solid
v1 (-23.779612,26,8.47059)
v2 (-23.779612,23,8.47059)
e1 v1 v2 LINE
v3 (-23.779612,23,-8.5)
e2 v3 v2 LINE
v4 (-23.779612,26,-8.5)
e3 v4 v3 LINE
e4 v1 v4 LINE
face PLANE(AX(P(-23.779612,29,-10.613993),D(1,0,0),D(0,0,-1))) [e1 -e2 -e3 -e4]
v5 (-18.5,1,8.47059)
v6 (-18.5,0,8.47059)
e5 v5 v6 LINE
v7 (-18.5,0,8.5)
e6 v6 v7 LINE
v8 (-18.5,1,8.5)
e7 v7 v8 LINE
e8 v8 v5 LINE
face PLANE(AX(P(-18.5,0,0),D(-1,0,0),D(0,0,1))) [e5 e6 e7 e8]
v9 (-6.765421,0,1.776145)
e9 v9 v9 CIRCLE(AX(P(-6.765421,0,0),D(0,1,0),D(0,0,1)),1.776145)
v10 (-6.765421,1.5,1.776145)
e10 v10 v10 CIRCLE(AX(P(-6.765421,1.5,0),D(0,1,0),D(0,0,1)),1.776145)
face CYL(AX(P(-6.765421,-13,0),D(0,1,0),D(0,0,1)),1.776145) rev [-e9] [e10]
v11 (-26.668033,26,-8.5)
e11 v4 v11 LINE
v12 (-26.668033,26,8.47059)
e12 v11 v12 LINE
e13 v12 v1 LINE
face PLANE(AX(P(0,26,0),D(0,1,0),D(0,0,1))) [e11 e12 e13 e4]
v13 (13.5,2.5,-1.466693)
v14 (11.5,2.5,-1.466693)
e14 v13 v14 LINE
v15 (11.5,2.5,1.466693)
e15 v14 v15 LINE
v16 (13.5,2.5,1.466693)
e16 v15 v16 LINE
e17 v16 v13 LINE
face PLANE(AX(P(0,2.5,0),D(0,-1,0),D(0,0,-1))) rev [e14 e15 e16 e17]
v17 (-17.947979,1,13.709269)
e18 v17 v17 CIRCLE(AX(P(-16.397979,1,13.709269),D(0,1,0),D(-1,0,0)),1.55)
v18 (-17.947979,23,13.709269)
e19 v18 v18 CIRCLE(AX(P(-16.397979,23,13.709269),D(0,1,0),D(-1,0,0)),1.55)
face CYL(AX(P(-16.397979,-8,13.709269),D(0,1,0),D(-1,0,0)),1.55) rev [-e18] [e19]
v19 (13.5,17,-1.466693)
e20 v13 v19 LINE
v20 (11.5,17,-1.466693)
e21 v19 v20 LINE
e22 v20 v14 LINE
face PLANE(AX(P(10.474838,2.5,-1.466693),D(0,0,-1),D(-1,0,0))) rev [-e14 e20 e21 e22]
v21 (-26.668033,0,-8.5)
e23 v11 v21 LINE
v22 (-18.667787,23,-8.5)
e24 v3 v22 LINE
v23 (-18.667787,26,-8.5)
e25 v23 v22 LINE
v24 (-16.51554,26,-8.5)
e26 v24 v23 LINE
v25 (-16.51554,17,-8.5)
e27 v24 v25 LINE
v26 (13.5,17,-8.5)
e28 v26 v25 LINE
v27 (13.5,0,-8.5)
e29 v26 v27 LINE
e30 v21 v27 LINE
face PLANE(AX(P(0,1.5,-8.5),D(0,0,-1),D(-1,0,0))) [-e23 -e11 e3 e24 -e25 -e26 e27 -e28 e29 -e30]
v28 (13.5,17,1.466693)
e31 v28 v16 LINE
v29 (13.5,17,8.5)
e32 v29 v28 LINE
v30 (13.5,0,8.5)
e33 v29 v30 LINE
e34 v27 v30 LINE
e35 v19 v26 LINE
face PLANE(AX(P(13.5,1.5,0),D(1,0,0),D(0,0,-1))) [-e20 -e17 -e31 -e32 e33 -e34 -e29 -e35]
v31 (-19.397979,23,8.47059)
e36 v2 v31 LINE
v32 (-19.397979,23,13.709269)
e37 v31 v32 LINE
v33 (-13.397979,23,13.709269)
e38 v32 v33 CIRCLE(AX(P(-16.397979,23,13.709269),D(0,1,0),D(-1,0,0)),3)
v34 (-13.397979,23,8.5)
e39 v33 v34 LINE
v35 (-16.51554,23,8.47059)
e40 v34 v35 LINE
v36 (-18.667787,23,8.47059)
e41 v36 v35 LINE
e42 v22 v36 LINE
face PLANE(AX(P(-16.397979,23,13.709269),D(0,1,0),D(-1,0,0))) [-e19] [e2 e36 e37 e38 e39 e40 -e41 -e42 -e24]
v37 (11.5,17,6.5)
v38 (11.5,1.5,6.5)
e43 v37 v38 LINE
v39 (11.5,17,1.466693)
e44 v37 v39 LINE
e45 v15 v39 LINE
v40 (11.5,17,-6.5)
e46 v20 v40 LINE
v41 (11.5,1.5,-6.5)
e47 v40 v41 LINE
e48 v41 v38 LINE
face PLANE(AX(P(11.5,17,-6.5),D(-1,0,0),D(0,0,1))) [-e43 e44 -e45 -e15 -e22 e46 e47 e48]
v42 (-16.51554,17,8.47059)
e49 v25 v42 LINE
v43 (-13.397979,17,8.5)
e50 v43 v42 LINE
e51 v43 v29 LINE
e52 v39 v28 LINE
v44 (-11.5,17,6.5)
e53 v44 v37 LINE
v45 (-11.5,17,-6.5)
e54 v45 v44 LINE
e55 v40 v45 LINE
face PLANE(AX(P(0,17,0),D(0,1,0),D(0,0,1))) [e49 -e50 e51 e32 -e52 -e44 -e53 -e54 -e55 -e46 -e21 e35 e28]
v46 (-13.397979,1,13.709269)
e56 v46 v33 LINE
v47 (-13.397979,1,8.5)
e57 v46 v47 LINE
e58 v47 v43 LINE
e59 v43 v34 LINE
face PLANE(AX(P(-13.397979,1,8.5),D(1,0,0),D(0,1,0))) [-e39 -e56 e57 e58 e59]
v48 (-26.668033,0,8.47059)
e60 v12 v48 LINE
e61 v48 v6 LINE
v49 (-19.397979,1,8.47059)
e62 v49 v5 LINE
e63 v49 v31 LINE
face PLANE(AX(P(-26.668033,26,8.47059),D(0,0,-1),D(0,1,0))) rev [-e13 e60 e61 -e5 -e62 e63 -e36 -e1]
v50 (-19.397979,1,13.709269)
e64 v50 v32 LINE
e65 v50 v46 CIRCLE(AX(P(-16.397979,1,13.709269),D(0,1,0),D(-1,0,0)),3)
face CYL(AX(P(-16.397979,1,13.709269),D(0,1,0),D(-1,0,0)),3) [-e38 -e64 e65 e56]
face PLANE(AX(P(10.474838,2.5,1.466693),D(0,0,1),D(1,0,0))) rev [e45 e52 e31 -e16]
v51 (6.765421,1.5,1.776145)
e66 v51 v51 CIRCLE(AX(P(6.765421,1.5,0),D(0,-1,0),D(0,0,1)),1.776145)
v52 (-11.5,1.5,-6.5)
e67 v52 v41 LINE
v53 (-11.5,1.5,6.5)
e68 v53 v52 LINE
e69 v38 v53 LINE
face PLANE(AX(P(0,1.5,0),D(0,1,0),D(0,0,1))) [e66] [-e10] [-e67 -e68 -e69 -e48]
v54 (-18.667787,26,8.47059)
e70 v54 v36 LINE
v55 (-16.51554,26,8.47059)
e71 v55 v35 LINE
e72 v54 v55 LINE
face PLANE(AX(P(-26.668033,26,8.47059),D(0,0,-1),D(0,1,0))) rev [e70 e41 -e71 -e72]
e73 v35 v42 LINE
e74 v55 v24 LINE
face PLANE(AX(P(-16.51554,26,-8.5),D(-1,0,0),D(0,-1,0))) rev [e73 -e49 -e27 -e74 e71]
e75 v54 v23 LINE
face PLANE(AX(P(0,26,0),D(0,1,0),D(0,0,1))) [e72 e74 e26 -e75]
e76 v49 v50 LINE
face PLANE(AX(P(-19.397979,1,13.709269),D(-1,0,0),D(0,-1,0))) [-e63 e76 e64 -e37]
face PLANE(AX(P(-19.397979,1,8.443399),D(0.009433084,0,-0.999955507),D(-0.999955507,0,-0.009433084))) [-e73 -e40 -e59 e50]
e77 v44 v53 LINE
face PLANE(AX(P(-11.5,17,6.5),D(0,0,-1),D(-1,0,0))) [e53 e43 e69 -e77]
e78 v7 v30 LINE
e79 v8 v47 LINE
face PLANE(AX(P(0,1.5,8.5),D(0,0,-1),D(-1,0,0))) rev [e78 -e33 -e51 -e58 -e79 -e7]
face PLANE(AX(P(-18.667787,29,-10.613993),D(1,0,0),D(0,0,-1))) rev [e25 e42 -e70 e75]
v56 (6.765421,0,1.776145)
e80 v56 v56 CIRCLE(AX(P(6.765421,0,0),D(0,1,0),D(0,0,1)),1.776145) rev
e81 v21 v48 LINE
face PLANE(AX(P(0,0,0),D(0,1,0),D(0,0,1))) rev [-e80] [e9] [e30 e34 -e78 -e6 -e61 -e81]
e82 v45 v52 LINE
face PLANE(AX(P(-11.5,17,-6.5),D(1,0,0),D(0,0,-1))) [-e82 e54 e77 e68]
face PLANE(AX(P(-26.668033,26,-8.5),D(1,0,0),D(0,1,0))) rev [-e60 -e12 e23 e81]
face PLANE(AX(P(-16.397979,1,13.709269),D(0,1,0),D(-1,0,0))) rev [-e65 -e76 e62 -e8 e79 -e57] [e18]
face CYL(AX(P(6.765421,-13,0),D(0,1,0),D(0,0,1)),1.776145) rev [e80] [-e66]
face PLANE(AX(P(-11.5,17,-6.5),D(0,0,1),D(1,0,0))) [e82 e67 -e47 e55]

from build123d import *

# Parameters (mm, degrees)
SKETCH1_W                 = 27
SKETCH1_H                 = 17
SKETCH1_W_2               = 23
SKETCH1_H_2               = 13
BOSS_EXTRUDE1_DEPTH       = 1.5
SKETCH1_3_W               = 27
SKETCH1_3_H               = 17
SKETCH1_3_W_2             = 23
SKETCH1_3_H_2             = 13
BOSS_EXTRUDE2_DEPTH       = 17
SKETCH2_W                 = 4.291322887
SKETCH2_H                 = 2.933386364
CUT_EXTRUDE1_DEPTH        = 14.5
SKETCH3_R                 = 1.776145291
CUT_EXTRUDE2_DEPTH        = 14.5
SKETCH4_W                 = 17
SKETCH4_H                 = 17
BOSS_EXTRUDE3_DEPTH       = 5
SKETCH5_W                 = 6.111771398
SKETCH5_H                 = 16.943398975
BOSS_EXTRUDE4_DEPTH       = 23
SKETCH6_R                 = 1.5
BOSS_EXTRUDE9_DEPTH       = 22
SKETCH10_W                = 10.152493364
SKETCH10_H                = 16.970590483
BOSS_EXTRUDE10_DEPTH      = 3
BOSS_EXTRUDE10_DEPTH_BACK = 23
SKETCH8_W                 = 5.111825198
SKETCH8_H                 = 22.20816513
CUT_EXTRUDE4_DEPTH        = 3
CUT_EXTRUDE4_DEPTH_BACK   = 3
SKETCH11_R                = 1.55
CUT_EXTRUDE5_DEPTH        = 31


with BuildPart() as part:
    # Sketch1 → Boss-Extrude1 (new body)
    with BuildSketch(Plane(origin=(0, 0, 0), x_dir=(1, 0, 0), z_dir=(0, 1, 0))):
        Rectangle(SKETCH1_W, SKETCH1_H)
        Rectangle(SKETCH1_W_2, SKETCH1_H_2, mode=Mode.SUBTRACT)
        Rectangle(SKETCH1_W_2, SKETCH1_H_2)
    extrude(amount=BOSS_EXTRUDE1_DEPTH)

    # Sketch1<3> → Boss-Extrude2 (add)
    with BuildSketch(Plane(origin=(0, 0, 0), x_dir=(1, 0, 0), z_dir=(0, 1, 0))):
        Rectangle(SKETCH1_3_W, SKETCH1_3_H)
        Rectangle(SKETCH1_3_W_2, SKETCH1_3_H_2, mode=Mode.SUBTRACT)
    extrude(amount=BOSS_EXTRUDE2_DEPTH)

    # Sketch2 → Cut-Extrude1 (cut)
    with BuildSketch(Plane(origin=(0, 17, 0), x_dir=(1, 0, 0), z_dir=(0, 1, 0))):
        with Locations((12.620499192, 0)):
            Rectangle(SKETCH2_W, SKETCH2_H)
    extrude(amount=-CUT_EXTRUDE1_DEPTH, mode=Mode.SUBTRACT)

    # Sketch3 → Cut-Extrude2 (cut)
    with BuildSketch(Plane(origin=(0, 1.5, 0), x_dir=(1, 0, 0), z_dir=(0, 1, 0))):
        with Locations(Location((-6.765421027, 0, 0), (0, 0, 270))):
            Circle(SKETCH3_R)
    cut_extrude2 = extrude(amount=-CUT_EXTRUDE2_DEPTH, mode=Mode.SUBTRACT)

    # Mirror1: Cut-Extrude2 across plane
    add(cut_extrude2.mirror(Plane(origin=(0, 0, 0), x_dir=(0, 0, 1), z_dir=(1, 0, 0))), mode=Mode.SUBTRACT)

    # Sketch4 → Boss-Extrude3 (add)
    with BuildSketch(Plane.ZY.offset(13.5)):
        with Locations((0, 8.5)):
            Rectangle(SKETCH4_W, SKETCH4_H)
    extrude(amount=BOSS_EXTRUDE3_DEPTH)

    # Sketch5 → Boss-Extrude4 (add)
    with BuildSketch(Plane.XZ):
        with Locations((-21.555885699, -0.028300512)):
            Rectangle(SKETCH5_W, SKETCH5_H)
    extrude(amount=-BOSS_EXTRUDE4_DEPTH)



with BuildPart() as body_2:
    # Sketch6 → Boss-Extrude9 (new body)
    with BuildSketch(Plane(origin=(0, 23, 0), x_dir=(1, 0, 0), z_dir=(0, 1, 0))):
        with BuildLine():
            Line((-19.397979401, -13.709269216), (-19.397979401, -8.443398975))
            Line((-19.397979401, -8.443398975), (-13.397979401, -8.5))
            Line((-13.397979401, -8.5), (-13.397979401, -13.709269216))
            ThreePointArc((-13.397979401, -13.709269216), (-16.397979401, -16.709269216), (-19.397979401, -13.709269216))
        make_face()
        with Locations(Location((-16.397979401, -13.709269216, 0), (0, 0, 180))):
            Circle(SKETCH6_R, mode=Mode.SUBTRACT)
    extrude(amount=-BOSS_EXTRUDE9_DEPTH)


with BuildPart() as part_1:
    add(part.part)

    add(body_2.part)  # Boss-Extrude10 merges body 2
    # Sketch10 → Boss-Extrude10 (add, two sides)
    with BuildSketch(Plane(origin=(0, 23, 0), x_dir=(1, 0, 0), z_dir=(0, 1, 0))) as boss_extrude10_sk:
        with Locations((-21.591786232, 0.014704758)):
            Rectangle(SKETCH10_W, SKETCH10_H)
    extrude(amount=BOSS_EXTRUDE10_DEPTH)
    extrude(boss_extrude10_sk.sketch, amount=-BOSS_EXTRUDE10_DEPTH_BACK)

    # Sketch8 → Cut-Extrude4 (cut, two sides)
    with BuildSketch(Plane(origin=(0, 26, 0), x_dir=(1, 0, 0), z_dir=(0, 1, 0))) as cut_extrude4_sk:
        with Locations((-21.223699311, -0.490089781)):
            Rectangle(SKETCH8_W, SKETCH8_H)
    extrude(amount=CUT_EXTRUDE4_DEPTH, mode=Mode.SUBTRACT)
    extrude(cut_extrude4_sk.sketch, amount=-CUT_EXTRUDE4_DEPTH_BACK, mode=Mode.SUBTRACT)

    # Sketch11 → Cut-Extrude5 (cut)
    with BuildSketch(Plane(origin=(0, 23, 0), x_dir=(1, 0, 0), z_dir=(0, 1, 0))):
        with Locations(Location((-16.397979401, -13.709269216, 0), (0, 0, 180))):
            Circle(SKETCH11_R)
    extrude(amount=-CUT_EXTRUDE5_DEPTH, mode=Mode.SUBTRACT)


solid = part_1.part
